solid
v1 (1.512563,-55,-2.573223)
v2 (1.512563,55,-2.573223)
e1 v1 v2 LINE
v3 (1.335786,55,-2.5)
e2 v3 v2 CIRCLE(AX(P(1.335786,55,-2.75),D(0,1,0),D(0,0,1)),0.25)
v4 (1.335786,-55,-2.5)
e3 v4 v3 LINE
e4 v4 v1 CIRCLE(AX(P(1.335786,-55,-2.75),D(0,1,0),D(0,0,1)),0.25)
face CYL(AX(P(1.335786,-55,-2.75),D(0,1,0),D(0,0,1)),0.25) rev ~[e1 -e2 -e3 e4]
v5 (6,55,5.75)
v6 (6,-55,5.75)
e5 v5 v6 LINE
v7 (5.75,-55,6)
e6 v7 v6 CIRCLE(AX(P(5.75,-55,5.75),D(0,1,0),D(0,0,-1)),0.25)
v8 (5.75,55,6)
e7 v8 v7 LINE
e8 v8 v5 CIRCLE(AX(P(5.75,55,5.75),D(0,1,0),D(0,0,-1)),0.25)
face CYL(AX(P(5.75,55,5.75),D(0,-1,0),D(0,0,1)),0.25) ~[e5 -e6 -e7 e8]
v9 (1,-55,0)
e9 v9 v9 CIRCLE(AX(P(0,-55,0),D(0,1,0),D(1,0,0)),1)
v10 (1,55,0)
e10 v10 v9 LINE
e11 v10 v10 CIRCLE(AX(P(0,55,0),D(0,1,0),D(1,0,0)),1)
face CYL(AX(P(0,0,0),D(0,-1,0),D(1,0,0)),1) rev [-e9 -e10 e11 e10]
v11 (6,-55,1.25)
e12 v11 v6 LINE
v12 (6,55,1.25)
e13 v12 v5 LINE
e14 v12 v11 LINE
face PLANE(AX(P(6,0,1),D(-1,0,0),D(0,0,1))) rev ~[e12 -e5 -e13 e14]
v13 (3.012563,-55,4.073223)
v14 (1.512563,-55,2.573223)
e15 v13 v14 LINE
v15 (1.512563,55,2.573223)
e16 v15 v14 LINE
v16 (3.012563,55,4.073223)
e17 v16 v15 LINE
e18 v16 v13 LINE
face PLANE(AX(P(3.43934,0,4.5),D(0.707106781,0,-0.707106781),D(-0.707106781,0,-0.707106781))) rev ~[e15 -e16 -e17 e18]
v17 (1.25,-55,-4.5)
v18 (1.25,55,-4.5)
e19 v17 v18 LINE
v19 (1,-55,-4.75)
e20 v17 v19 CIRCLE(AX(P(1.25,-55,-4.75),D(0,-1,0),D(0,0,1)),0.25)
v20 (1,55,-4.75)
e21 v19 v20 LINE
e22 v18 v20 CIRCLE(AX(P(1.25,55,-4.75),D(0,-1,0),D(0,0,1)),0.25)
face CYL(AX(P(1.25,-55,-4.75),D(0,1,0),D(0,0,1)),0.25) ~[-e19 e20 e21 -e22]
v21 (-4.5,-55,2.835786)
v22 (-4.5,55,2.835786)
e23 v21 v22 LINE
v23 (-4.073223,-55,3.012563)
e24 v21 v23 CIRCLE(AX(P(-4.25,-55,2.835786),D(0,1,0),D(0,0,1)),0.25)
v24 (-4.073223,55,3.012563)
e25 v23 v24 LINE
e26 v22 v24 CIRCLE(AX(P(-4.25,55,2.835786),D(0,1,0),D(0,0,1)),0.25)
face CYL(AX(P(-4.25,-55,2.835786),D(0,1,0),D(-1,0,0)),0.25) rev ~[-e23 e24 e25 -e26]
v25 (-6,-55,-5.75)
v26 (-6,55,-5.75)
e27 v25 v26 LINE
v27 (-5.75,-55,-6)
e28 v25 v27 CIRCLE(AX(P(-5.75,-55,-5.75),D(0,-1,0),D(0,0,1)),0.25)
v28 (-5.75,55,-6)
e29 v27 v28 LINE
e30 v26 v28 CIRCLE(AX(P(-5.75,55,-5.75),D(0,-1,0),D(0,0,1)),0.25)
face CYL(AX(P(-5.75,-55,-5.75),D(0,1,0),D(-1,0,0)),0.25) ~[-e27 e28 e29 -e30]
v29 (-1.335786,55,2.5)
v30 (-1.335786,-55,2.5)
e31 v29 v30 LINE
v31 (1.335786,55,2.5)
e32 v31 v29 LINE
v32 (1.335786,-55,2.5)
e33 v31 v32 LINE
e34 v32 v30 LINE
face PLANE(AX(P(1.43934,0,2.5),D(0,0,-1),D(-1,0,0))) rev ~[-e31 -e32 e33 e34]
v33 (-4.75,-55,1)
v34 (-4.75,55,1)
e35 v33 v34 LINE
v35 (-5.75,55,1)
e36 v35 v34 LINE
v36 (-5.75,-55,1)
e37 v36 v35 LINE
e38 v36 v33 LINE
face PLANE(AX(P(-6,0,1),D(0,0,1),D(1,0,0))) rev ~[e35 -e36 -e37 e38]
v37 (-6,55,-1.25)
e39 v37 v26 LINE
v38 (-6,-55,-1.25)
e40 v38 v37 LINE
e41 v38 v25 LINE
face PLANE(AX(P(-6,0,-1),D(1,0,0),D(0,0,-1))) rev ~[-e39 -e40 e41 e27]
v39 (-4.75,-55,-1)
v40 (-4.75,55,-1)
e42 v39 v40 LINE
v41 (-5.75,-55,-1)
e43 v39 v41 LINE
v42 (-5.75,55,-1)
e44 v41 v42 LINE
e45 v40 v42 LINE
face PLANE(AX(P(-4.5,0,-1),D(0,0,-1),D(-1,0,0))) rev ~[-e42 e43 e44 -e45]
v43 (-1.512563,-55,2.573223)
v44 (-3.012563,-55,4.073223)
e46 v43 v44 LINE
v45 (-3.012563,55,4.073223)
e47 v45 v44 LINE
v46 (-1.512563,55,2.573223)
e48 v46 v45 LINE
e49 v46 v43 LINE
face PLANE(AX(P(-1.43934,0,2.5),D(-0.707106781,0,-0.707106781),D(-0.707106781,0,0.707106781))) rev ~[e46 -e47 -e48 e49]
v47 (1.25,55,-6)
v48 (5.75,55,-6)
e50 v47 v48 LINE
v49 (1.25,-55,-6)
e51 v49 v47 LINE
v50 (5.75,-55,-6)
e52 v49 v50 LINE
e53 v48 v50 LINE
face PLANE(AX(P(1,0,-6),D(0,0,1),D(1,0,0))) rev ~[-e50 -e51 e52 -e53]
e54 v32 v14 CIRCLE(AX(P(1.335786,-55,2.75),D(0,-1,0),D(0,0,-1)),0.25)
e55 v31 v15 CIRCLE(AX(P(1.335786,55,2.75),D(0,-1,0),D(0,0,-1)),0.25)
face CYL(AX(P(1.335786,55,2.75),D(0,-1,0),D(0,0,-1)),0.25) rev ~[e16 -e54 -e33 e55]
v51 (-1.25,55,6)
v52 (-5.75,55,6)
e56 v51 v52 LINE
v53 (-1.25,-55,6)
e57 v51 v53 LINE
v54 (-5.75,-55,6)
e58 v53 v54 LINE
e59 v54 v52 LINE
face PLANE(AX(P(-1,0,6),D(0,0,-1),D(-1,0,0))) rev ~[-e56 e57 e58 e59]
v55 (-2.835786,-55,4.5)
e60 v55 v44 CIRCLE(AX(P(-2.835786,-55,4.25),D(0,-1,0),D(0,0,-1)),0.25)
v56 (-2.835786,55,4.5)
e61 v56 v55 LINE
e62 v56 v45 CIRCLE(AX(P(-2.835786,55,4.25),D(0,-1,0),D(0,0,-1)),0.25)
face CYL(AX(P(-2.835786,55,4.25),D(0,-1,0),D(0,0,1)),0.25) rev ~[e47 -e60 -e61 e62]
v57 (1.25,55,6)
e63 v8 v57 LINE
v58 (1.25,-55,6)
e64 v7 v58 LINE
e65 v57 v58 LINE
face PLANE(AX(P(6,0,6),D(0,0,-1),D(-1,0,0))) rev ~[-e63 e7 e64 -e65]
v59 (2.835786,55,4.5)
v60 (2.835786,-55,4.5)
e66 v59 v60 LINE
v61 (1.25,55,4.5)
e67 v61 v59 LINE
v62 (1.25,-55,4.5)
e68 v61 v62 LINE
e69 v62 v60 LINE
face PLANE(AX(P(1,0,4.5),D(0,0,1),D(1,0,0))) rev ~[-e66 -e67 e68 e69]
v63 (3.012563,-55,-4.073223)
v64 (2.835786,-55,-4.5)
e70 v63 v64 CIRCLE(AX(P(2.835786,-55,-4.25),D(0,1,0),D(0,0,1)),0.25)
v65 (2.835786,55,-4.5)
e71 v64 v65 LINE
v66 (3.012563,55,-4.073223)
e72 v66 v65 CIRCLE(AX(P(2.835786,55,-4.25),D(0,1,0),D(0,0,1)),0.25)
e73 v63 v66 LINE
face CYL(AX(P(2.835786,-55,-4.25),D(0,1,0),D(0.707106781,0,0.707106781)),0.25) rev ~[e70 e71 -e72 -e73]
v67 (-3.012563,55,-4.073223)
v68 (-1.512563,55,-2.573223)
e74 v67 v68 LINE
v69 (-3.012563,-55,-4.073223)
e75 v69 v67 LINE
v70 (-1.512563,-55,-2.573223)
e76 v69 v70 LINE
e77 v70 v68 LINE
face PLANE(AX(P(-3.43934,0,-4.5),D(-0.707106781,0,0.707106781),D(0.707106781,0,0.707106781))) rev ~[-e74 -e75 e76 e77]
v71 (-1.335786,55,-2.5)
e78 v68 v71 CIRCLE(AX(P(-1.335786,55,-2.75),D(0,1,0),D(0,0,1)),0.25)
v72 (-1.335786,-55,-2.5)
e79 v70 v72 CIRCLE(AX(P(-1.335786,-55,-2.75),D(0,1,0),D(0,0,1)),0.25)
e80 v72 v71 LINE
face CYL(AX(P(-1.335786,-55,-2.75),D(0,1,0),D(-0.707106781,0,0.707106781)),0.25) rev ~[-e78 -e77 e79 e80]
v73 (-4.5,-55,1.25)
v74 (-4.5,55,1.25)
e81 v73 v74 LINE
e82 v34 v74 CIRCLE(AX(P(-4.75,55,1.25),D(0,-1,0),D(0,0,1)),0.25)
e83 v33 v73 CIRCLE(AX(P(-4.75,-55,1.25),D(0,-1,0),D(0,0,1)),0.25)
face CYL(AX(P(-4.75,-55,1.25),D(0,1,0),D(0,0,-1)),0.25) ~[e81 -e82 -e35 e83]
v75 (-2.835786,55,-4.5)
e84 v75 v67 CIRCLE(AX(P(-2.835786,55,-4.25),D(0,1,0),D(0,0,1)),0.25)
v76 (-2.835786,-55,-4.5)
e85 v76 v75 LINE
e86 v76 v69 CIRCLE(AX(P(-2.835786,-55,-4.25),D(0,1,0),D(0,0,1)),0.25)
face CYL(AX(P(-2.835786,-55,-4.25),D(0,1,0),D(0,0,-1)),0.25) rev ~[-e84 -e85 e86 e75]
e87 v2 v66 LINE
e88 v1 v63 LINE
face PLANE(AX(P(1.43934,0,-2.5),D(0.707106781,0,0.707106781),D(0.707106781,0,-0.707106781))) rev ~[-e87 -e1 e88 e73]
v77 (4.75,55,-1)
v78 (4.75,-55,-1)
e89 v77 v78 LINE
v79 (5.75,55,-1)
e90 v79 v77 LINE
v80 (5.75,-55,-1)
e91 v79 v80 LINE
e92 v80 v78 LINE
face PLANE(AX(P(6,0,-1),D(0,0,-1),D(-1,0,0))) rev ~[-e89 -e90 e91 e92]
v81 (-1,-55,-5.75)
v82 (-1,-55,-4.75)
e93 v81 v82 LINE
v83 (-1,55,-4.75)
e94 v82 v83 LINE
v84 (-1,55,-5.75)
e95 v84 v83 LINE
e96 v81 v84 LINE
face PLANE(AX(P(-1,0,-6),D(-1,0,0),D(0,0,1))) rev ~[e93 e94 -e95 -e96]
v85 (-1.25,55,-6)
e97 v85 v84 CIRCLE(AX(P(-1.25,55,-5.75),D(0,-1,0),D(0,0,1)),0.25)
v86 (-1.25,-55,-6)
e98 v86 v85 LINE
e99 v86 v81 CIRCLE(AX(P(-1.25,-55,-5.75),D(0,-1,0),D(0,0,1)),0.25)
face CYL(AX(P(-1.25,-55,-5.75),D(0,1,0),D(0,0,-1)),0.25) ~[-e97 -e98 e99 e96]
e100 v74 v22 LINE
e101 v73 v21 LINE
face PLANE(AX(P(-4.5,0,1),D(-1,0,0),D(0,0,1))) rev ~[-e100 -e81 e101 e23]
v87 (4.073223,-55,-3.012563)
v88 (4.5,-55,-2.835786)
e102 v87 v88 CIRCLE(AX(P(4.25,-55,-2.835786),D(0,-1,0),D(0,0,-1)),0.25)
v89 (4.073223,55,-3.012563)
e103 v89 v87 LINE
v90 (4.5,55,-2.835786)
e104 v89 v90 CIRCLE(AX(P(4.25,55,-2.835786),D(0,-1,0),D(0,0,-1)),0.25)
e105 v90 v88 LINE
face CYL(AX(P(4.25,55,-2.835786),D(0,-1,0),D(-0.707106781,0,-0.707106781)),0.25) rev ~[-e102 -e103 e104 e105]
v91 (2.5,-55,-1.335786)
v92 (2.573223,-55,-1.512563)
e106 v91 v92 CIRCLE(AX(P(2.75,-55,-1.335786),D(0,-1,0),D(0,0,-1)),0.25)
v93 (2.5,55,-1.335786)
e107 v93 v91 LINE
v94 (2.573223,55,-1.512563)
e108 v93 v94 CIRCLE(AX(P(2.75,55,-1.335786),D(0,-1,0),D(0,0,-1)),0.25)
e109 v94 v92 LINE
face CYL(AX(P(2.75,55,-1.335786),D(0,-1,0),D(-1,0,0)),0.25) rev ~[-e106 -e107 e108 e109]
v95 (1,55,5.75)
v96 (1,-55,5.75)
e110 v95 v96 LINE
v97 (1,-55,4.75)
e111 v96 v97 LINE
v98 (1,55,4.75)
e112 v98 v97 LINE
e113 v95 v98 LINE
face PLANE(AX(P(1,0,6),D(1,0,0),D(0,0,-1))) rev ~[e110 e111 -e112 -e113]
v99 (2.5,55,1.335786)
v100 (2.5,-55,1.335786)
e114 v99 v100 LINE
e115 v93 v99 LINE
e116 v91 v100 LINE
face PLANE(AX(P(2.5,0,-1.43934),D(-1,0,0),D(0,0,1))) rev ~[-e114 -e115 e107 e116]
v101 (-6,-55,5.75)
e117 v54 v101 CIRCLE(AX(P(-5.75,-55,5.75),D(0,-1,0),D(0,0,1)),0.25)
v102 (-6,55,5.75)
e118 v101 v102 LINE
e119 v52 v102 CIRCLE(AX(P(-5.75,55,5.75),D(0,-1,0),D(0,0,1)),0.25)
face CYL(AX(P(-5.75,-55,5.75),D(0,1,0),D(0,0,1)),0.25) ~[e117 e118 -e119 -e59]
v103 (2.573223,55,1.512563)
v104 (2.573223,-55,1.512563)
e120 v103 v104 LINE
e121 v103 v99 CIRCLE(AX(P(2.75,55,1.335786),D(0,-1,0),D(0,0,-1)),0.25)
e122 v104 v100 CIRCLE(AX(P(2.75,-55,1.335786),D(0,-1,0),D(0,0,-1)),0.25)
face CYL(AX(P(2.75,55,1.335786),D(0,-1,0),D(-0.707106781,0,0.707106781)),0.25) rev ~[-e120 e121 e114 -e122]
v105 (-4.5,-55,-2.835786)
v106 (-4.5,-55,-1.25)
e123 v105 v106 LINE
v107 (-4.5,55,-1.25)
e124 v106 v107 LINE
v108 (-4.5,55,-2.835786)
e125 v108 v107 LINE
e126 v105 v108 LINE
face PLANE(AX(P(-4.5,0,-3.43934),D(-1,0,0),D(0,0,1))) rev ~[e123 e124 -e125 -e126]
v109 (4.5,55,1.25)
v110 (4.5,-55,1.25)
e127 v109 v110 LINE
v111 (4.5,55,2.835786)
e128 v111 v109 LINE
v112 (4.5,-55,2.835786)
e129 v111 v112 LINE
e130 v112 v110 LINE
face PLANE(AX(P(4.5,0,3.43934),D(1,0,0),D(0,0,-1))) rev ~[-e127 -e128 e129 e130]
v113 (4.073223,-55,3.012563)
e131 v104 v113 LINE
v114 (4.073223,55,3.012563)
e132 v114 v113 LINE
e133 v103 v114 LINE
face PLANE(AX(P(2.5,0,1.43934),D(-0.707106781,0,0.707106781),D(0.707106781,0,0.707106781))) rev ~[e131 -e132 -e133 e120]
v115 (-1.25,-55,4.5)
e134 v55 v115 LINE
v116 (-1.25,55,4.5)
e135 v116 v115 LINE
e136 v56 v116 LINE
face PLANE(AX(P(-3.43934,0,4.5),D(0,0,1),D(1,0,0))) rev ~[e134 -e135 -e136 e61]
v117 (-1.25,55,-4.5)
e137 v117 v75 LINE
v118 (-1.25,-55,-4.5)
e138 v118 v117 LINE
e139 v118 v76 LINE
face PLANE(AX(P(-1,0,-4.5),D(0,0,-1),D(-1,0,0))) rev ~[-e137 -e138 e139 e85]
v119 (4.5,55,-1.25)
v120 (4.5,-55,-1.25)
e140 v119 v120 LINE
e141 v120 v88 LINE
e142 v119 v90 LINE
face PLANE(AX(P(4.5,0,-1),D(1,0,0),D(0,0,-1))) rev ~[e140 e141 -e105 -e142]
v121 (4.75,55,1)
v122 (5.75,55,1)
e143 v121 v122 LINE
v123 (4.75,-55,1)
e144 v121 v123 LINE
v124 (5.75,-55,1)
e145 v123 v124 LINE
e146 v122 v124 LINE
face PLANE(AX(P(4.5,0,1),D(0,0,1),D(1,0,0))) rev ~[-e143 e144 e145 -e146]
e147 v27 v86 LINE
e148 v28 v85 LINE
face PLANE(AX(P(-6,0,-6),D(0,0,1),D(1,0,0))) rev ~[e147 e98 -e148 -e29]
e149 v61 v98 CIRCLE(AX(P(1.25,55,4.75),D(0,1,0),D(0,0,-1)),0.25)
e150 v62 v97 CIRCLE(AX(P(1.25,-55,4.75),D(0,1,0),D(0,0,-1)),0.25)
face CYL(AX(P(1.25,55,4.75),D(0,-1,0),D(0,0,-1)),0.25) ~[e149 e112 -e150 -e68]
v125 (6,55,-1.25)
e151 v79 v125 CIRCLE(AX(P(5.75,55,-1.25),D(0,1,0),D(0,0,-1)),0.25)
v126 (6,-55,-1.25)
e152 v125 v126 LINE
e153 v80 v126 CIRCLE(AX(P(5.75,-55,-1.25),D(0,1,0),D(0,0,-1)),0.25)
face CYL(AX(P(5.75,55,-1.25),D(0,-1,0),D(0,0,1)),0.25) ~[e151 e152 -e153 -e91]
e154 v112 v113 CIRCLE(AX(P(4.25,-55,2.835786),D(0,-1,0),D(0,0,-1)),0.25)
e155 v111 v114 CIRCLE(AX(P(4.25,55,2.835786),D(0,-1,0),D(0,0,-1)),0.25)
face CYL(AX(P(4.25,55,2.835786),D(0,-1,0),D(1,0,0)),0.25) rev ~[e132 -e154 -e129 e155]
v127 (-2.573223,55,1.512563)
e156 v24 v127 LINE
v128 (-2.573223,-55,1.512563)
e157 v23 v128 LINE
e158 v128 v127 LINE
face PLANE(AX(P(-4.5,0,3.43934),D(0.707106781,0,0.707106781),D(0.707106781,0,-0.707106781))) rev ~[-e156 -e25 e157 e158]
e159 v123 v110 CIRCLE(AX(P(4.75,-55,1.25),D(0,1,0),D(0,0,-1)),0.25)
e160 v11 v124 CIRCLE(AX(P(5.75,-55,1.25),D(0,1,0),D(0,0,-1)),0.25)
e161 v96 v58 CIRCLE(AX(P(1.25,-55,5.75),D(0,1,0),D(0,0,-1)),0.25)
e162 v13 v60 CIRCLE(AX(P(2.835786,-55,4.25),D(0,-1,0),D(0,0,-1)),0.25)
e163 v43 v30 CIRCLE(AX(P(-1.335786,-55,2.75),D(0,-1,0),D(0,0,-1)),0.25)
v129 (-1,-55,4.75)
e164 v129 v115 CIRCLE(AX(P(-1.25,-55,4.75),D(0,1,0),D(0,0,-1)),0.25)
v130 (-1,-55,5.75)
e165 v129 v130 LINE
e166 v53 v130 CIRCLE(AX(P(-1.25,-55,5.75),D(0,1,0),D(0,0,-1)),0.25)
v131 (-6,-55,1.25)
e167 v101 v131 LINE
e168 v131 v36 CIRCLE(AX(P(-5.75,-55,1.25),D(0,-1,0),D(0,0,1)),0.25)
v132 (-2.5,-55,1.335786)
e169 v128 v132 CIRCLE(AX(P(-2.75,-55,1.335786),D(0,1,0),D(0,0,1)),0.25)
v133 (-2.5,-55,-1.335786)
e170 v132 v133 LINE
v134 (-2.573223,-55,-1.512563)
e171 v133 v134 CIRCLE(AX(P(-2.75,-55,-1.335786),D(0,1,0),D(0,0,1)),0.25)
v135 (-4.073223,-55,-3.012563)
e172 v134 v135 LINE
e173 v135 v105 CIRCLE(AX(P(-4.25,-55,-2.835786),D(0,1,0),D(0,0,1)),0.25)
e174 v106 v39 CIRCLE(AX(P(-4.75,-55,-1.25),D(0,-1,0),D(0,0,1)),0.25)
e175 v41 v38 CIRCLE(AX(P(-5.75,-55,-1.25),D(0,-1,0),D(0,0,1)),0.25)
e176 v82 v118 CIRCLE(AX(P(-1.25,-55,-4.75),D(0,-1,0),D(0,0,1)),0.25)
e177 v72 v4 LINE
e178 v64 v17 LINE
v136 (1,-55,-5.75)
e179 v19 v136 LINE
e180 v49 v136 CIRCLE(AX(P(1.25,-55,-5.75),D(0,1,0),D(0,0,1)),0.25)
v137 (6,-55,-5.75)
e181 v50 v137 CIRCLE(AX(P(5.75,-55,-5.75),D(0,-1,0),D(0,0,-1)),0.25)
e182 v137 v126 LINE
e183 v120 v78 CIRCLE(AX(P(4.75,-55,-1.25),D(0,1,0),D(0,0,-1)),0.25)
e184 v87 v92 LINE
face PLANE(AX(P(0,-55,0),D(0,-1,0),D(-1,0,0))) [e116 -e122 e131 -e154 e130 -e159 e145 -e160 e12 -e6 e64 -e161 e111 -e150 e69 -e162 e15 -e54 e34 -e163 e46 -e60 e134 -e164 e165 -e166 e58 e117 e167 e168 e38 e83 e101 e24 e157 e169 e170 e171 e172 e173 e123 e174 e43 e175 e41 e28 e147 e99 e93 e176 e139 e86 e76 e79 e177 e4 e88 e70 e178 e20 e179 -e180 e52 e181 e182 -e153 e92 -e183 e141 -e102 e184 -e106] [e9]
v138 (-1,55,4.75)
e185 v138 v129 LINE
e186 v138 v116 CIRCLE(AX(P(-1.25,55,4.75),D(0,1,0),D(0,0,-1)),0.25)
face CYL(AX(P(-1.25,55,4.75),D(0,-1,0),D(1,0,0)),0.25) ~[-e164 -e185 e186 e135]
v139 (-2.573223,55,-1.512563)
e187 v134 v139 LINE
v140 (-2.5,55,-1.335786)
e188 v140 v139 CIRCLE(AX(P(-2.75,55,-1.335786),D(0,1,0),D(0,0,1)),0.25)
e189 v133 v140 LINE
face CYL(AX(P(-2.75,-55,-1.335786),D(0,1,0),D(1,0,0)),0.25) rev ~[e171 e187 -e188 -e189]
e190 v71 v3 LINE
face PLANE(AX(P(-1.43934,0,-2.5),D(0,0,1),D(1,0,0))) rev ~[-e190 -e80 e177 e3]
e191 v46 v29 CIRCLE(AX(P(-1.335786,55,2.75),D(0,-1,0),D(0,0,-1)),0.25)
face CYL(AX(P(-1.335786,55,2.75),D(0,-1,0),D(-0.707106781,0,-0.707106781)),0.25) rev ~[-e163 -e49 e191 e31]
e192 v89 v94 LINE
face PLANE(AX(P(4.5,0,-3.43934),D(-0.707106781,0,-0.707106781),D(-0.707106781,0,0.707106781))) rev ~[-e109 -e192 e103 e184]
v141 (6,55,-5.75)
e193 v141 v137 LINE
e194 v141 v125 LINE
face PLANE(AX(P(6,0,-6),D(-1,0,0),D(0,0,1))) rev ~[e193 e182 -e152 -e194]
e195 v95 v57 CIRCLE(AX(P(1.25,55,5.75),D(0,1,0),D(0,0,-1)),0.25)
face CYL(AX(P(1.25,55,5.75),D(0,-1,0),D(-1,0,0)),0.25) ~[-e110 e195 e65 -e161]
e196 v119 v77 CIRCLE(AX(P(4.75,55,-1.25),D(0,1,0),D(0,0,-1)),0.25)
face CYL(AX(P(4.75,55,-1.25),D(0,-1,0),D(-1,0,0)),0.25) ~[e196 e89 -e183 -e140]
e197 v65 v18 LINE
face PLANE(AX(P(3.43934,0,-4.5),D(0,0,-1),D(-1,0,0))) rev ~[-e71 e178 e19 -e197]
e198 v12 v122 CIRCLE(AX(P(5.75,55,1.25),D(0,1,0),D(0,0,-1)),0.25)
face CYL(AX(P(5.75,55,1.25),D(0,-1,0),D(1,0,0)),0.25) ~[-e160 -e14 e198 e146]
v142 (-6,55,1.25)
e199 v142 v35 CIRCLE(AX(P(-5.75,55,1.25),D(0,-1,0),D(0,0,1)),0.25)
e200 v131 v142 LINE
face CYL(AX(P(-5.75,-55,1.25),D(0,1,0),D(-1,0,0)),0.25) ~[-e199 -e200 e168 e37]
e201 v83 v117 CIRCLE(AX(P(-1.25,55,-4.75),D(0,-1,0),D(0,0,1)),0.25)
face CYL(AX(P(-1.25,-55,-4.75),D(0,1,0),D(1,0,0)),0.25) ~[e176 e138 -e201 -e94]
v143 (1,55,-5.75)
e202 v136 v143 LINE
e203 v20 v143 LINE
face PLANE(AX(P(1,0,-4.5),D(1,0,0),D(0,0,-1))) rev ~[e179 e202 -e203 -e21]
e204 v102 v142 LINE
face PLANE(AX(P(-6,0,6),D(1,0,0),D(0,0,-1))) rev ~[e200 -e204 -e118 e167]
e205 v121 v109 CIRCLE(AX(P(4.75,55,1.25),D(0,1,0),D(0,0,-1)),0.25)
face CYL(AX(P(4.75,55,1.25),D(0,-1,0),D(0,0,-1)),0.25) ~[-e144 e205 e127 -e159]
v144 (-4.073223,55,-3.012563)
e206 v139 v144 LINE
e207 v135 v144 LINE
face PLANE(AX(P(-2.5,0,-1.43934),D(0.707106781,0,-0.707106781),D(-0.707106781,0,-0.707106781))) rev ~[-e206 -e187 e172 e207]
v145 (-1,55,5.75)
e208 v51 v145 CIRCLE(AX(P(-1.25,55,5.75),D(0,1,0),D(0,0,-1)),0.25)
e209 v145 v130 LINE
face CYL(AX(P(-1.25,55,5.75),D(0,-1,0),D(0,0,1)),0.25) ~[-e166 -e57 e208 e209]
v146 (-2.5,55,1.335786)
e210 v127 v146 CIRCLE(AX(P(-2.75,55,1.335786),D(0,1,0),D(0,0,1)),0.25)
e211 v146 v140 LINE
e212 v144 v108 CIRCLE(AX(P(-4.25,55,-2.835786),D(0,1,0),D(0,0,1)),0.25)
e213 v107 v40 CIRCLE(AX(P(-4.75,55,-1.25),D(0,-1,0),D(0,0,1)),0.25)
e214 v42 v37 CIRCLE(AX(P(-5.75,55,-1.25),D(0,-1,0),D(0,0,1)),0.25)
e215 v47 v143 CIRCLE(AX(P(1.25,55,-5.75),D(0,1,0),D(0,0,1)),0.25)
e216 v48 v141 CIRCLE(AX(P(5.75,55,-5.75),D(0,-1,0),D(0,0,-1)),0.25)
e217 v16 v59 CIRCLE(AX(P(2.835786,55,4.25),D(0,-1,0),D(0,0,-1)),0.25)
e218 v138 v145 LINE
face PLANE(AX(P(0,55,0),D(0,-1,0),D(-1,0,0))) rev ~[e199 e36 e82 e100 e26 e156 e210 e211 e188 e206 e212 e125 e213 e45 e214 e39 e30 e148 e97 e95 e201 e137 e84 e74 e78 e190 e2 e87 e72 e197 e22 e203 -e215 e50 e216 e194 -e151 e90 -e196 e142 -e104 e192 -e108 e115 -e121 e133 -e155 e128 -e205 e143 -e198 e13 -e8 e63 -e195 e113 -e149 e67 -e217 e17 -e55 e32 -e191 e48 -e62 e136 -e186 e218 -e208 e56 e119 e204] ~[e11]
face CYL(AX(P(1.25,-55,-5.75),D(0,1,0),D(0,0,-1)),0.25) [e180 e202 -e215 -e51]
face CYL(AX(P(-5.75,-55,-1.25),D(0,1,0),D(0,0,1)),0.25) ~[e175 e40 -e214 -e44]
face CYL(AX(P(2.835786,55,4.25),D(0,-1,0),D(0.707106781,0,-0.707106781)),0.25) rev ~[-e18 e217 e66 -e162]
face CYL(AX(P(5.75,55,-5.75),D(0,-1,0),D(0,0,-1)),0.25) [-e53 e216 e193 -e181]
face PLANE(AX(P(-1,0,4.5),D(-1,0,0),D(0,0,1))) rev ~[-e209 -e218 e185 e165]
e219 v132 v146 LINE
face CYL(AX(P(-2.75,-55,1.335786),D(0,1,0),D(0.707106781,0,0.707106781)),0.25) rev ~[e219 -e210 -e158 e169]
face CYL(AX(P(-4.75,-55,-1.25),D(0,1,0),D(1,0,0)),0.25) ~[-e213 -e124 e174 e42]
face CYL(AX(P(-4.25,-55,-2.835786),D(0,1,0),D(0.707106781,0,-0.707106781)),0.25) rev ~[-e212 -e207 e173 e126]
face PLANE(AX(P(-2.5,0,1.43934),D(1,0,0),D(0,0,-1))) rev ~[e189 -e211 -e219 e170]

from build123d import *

# Parameters (mm, degrees)
SKETCH1_R           = 1
BOSS_EXTRUDE2_DEPTH = 55
FILLET2_R           = 0.25


with BuildPart() as part:
    # Sketch1 → Boss-Extrude2 (new body, symmetric)
    with BuildSketch(Plane(origin=(0, 0, 0), x_dir=(1, 0, 0), z_dir=(0, 1, 0))):
        Polygon((1, 6), (6, 6), (6, 1), (4.5, 1), (4.5, 3.439339828), (2.5, 1.439339828), (2.5, -1.439339828), (4.5, -3.439339828), (4.5, -1), (6, -1), (6, -6), (1, -6), (1, -4.5), (3.439339828, -4.5), (1.439339828, -2.5), (-1.439339828, -2.5), (-3.439339828, -4.5), (-1, -4.5), (-1, -6), (-6, -6), (-6, -1), (-4.5, -1), (-4.5, -3.439339828), (-2.5, -1.439339828), (-2.5, 1.439339828), (-4.5, 3.439339828), (-4.5, 1), (-6, 1), (-6, 6), (-1, 6), (-1, 4.5), (-3.439339828, 4.5), (-1.439339828, 2.5), (1.439339828, 2.5), (3.439339828, 4.5), (1, 4.5), align=None)
        Circle(SKETCH1_R, mode=Mode.SUBTRACT)
    extrude(amount=BOSS_EXTRUDE2_DEPTH, both=True)

    # Fillet2
    fillet2_edges = [part.edges().sort_by_distance(p)[0] for p in [
        (6, 0, -6),
        (6, 0, -1),
        (4.5, 0, -1),
        (4.5, 0, -3.439339828),
        (2.5, 0, -1.439339828),
        (2.5, 0, 1.439339828),
        (4.5, 0, 3.439339828),
        (4.5, 0, 1),
        (6, 0, 1),
        (6, 0, 6),
        (1, 0, 6),
        (1, 0, 4.5),
        (3.439339828, 0, 4.5),
        (1.439339828, 0, 2.5),
        (-1.439339828, 0, 2.5),
        (-3.439339828, 0, 4.5),
        (-1, 0, 4.5),
        (-1, 0, 6),
        (-6, 0, 6),
        (-6, 0, 1),
        (-4.5, 0, 1),
        (-4.5, 0, 3.439339828),
        (-2.5, 0, 1.439339828),
        (-2.5, 0, -1.439339828),
        (-4.5, 0, -3.439339828),
        (-4.5, 0, -1),
        (-6, 0, -1),
        (-6, 0, -6),
        (-1, 0, -6),
        (-1, 0, -4.5),
        (-3.439339828, 0, -4.5),
        (-1.439339828, 0, -2.5),
        (1.439339828, 0, -2.5),
        (3.439339828, 0, -4.5),
        (1, 0, -4.5),
        (1, 0, -6),
    ]]
    fillet(fillet2_edges, radius=FILLET2_R)


solid = part.part
